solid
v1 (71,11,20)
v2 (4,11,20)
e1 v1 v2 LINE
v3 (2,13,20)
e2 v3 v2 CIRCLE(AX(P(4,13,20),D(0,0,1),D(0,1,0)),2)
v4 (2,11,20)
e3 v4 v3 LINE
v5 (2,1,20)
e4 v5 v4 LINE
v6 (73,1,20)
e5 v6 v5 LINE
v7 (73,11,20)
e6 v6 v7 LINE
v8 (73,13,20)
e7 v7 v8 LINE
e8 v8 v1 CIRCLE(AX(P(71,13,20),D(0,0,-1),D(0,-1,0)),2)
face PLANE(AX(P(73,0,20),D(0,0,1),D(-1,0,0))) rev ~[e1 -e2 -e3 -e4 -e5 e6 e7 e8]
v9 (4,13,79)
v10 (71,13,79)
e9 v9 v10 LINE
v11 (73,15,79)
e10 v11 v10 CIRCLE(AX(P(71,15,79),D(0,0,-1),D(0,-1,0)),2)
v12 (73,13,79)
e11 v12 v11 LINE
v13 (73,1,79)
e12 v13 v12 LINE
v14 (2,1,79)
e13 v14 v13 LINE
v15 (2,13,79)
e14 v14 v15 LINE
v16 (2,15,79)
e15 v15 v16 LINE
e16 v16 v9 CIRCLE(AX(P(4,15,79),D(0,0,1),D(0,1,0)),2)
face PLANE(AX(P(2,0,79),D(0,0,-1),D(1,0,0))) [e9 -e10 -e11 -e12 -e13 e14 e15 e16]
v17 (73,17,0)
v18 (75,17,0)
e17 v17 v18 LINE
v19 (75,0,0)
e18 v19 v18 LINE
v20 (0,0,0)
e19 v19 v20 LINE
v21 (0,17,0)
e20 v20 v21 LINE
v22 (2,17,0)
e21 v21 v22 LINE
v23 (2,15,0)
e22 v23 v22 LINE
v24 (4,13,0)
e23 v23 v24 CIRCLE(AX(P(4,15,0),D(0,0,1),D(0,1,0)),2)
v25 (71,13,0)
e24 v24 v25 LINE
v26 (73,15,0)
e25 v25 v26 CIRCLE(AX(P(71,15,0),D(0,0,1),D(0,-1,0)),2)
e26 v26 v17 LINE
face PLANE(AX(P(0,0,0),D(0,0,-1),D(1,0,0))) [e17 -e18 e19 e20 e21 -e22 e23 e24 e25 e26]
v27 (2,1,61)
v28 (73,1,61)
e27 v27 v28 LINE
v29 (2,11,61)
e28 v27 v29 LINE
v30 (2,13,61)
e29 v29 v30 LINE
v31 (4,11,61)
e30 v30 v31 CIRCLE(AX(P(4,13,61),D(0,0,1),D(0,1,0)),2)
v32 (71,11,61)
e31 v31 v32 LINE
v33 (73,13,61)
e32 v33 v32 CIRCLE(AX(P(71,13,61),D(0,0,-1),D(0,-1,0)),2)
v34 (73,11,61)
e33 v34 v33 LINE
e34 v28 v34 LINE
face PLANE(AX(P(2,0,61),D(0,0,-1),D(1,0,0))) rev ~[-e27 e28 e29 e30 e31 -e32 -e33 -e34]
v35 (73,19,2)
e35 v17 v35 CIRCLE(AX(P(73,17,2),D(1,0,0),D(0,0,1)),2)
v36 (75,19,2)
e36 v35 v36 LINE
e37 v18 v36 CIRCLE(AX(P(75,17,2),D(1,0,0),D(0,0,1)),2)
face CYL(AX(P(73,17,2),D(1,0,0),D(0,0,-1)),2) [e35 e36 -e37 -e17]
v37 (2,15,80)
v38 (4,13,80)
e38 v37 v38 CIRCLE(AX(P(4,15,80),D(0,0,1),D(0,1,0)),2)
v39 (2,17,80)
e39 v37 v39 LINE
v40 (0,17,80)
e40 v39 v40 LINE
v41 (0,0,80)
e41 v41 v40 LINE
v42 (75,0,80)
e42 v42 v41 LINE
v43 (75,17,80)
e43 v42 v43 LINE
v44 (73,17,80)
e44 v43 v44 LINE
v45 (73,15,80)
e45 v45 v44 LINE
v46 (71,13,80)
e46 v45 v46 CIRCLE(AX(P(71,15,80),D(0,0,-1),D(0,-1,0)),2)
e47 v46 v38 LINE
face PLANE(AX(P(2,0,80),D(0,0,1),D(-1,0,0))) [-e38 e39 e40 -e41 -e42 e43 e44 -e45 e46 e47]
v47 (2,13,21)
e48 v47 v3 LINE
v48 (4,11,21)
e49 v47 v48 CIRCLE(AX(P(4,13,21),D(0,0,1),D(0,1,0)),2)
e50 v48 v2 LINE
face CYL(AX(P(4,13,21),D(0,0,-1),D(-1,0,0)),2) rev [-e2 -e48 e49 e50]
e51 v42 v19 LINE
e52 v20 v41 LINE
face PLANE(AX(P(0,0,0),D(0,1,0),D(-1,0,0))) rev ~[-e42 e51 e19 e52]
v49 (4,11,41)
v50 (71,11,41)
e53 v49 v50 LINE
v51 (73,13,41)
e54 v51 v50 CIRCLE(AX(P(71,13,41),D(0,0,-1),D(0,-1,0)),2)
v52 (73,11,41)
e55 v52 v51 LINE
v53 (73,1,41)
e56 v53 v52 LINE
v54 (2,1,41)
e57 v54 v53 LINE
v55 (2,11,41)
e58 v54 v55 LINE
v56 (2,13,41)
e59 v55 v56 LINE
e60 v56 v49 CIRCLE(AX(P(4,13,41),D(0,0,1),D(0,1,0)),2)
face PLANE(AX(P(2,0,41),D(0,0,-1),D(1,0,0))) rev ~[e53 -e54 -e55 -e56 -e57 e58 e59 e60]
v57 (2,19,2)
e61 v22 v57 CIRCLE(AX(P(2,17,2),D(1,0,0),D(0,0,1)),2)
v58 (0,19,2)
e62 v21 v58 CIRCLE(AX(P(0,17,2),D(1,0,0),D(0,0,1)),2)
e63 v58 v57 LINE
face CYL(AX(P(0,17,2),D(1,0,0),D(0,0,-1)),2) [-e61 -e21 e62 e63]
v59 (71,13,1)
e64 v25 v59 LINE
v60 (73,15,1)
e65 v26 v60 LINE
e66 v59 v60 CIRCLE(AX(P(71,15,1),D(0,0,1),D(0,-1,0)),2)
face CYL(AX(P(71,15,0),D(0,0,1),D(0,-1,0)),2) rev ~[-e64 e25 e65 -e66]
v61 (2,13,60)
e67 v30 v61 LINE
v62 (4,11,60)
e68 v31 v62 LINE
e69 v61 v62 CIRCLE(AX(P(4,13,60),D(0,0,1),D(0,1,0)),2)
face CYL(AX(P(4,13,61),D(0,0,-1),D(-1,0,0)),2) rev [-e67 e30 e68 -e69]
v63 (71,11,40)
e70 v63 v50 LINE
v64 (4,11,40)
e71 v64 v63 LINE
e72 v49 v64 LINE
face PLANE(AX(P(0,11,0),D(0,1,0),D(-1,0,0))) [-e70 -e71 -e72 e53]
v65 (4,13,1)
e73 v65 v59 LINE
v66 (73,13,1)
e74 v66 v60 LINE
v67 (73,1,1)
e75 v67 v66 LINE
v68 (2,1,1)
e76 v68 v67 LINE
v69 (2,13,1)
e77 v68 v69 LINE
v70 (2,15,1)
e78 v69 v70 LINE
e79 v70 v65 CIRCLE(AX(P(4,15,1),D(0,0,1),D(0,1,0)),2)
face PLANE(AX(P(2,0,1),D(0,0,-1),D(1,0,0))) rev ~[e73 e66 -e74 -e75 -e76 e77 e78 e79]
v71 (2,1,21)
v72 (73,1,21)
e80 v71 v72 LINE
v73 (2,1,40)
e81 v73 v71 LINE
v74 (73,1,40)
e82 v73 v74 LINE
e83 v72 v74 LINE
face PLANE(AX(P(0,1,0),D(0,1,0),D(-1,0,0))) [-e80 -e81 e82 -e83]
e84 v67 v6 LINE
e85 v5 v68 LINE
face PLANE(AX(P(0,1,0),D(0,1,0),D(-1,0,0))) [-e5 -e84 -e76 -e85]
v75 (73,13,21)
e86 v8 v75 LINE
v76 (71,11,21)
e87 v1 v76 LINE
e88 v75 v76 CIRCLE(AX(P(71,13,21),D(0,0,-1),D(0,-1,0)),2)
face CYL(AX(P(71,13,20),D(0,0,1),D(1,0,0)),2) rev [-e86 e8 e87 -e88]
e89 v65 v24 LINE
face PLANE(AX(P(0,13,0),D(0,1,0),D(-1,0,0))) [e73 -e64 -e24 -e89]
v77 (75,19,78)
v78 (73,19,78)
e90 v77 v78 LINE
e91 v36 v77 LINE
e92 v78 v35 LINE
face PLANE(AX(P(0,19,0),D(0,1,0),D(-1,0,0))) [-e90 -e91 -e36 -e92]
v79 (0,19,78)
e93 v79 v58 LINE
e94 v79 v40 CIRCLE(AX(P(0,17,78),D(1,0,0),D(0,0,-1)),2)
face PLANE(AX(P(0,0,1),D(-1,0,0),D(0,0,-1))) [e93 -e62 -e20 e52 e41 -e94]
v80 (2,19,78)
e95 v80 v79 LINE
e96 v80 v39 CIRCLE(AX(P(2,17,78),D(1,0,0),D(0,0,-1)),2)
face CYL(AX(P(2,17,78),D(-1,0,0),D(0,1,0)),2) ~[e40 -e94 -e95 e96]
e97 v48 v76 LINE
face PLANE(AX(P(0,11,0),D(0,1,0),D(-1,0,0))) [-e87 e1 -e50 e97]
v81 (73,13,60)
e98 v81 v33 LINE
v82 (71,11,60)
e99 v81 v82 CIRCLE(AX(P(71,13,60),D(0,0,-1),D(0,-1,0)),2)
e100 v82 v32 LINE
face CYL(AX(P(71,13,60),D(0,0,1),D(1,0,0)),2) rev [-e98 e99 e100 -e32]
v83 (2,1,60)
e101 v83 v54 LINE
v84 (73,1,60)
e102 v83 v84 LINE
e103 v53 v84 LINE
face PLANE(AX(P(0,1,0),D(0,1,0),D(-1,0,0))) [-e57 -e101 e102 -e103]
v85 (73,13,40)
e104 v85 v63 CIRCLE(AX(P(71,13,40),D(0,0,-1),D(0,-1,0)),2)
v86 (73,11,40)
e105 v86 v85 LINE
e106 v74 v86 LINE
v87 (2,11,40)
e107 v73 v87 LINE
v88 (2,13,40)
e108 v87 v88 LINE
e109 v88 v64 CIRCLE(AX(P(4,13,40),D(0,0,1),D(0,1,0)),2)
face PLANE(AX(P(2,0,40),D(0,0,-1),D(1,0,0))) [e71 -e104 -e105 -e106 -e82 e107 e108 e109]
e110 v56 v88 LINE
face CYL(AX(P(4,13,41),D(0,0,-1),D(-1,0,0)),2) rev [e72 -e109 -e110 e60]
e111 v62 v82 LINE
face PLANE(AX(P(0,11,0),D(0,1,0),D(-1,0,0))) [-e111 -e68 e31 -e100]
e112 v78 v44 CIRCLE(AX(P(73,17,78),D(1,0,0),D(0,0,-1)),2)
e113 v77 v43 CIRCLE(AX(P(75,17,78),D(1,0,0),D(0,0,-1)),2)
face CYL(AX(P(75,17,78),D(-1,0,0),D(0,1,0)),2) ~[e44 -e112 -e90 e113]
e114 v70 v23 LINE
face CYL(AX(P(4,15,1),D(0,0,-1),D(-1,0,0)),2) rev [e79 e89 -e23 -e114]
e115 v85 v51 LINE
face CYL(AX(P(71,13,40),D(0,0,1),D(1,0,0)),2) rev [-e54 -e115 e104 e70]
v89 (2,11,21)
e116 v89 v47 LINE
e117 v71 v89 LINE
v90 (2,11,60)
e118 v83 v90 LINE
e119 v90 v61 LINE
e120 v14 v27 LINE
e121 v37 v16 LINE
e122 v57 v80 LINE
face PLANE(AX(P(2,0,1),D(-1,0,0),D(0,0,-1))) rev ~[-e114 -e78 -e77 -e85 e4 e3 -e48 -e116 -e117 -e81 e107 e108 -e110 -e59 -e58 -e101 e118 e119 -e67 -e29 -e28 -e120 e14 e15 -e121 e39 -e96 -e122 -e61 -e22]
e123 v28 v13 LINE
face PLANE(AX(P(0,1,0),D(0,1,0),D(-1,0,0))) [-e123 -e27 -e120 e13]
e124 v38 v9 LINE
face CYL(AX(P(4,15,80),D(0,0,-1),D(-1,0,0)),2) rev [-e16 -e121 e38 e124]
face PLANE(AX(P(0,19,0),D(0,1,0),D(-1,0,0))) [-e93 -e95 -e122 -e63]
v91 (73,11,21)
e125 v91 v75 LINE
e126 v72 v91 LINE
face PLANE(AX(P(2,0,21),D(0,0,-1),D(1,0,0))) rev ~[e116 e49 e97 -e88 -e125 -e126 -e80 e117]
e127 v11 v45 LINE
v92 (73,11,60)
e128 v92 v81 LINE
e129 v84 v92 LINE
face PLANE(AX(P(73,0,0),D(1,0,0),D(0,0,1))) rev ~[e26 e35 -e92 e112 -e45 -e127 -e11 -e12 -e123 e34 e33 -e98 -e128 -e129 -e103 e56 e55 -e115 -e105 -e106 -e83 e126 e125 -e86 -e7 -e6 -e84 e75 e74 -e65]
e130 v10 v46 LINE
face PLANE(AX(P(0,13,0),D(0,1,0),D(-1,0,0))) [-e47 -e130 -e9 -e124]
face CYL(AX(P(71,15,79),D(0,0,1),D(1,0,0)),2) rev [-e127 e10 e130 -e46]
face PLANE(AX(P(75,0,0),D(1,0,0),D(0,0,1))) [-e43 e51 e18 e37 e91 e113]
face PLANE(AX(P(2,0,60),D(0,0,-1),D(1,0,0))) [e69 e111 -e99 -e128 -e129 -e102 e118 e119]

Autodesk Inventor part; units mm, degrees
ref_plane "YZ Plane" through (0, 0, 0) normal (1, 0, 0) x (0, 1, 0)
ref_plane "XZ Plane" through (0, 0, 0) normal (0, 1, 0) x (-1, 0, 0)
ref_plane "XY Plane" through (0, 0, 0) normal (0, 0, 1) x (1, 0, 0)
sketch "Эскиз1" plane through (0, 0, 0) normal (0, 1, 0) x (-1, 0, 0)
  line L0 (0, 0) -> (-75, 0)
  line L1 (-75, 0) -> (-75, 80)
  line L2 (-75, 80) -> (0, 80)
  line L3 (0, 80) -> (0, 0)
  line L4 (0, 60) -> (-75, 60)
  line L5 (0, 61) -> (-75, 61)
  line L6 (0, 79) -> (-75, 79)
  line L7 (0, 40) -> (-75, 40)
  line L8 (-75, 20) -> (0, 20)
  line L9 (0, 1) -> (-75, 1)
  line L10 (0, 21) -> (-75, 21)
  line L11 (0, 41) -> (-75, 41)
  line L12 (-2, 80) -> (-2, 0)
  line L13 (-73, 0) -> (-73, 80)
  point P0 (-73, 20)
  point P1 (-73, 1)
  point P2 (-2, 1)
  point P3 (-2, 20)
  point P4 (-73, 40)
  point P5 (-73, 21)
  point P6 (-2, 21)
  point P7 (-2, 40)
  point P8 (-73, 60)
  point P9 (-73, 41)
  point P10 (-2, 41)
  point P11 (-2, 60)
  point P12 (-73, 79)
  point P13 (-73, 61)
  point P14 (-2, 61)
  point P15 (-2, 79)
  dimension "d0" = 75
  dimension "d1" = 80
  dimension "d2" = 20
  dimension "d3" = 1
  dimension "d4" = 1
  dimension "d5" = 20
  dimension "d6" = 20
  dimension "d7" = 19
  dimension "d8" = 1
  dimension "d9" = 1
  dimension "d10" = 2
  dimension "d11" = 2
extrude "Выдавливание1" add sketch "Эскиз1" along normal blind 1 contours L9 L13 L8 L12 | L10 L13 L7 L12 | L11 L13 L4 L12 | L5 L13 L6 L12
extrude "Выдавливание2" add sketch "Эскиз1" along normal blind 19 contours L0 L12 L9 L3 | L9 L12 L8 L3 | L0 L1 L9 L13 | L8 L12 L10 L3 | L9 L1 L8 L13 | L10 L12 L7 L3 | L8 L1 L10 L13 | L7 L12 L11 L3 | L10 L1 L7 L13 | L11 L12 L4 L3 | L7 L1 L11 L13 | L4 L12 L5 L3 | L11 L1 L4 L13 | L5 L12 L6 L3 | L4 L1 L5 L13 | L6 L12 L2 L3 | L5 L1 L6 L13 | L6 L1 L2 L13
extrude "Выдавливание3" add sketch "Эскиз1" along normal blind 13 contours L0 L13 L9 L12 | L6 L13 L2 L12
extrude "Выдавливание4" add sketch "Эскиз1" along normal blind 11 contours L8 L13 L10 L12 | L7 L13 L11 L12 | L4 L13 L5 L12
fillet "Сопряжение1" radius 2 4 edges at (1, 19, 80) (1, 19, 0) (74, 19, 0) (74, 19, 80)
fillet "Сопряжение2" radius 2 10 edges at (2, 13, 79.5) (2, 11, 20.5) (2, 11, 40.5) (2, 11, 60.5) (2, 13, 0.5) (73, 13, 0.5) (73, 11, 20.5) (73, 11, 40.5) (73, 11, 60.5) (73, 13, 79.5)
properties part number "BatteryCompartment"
